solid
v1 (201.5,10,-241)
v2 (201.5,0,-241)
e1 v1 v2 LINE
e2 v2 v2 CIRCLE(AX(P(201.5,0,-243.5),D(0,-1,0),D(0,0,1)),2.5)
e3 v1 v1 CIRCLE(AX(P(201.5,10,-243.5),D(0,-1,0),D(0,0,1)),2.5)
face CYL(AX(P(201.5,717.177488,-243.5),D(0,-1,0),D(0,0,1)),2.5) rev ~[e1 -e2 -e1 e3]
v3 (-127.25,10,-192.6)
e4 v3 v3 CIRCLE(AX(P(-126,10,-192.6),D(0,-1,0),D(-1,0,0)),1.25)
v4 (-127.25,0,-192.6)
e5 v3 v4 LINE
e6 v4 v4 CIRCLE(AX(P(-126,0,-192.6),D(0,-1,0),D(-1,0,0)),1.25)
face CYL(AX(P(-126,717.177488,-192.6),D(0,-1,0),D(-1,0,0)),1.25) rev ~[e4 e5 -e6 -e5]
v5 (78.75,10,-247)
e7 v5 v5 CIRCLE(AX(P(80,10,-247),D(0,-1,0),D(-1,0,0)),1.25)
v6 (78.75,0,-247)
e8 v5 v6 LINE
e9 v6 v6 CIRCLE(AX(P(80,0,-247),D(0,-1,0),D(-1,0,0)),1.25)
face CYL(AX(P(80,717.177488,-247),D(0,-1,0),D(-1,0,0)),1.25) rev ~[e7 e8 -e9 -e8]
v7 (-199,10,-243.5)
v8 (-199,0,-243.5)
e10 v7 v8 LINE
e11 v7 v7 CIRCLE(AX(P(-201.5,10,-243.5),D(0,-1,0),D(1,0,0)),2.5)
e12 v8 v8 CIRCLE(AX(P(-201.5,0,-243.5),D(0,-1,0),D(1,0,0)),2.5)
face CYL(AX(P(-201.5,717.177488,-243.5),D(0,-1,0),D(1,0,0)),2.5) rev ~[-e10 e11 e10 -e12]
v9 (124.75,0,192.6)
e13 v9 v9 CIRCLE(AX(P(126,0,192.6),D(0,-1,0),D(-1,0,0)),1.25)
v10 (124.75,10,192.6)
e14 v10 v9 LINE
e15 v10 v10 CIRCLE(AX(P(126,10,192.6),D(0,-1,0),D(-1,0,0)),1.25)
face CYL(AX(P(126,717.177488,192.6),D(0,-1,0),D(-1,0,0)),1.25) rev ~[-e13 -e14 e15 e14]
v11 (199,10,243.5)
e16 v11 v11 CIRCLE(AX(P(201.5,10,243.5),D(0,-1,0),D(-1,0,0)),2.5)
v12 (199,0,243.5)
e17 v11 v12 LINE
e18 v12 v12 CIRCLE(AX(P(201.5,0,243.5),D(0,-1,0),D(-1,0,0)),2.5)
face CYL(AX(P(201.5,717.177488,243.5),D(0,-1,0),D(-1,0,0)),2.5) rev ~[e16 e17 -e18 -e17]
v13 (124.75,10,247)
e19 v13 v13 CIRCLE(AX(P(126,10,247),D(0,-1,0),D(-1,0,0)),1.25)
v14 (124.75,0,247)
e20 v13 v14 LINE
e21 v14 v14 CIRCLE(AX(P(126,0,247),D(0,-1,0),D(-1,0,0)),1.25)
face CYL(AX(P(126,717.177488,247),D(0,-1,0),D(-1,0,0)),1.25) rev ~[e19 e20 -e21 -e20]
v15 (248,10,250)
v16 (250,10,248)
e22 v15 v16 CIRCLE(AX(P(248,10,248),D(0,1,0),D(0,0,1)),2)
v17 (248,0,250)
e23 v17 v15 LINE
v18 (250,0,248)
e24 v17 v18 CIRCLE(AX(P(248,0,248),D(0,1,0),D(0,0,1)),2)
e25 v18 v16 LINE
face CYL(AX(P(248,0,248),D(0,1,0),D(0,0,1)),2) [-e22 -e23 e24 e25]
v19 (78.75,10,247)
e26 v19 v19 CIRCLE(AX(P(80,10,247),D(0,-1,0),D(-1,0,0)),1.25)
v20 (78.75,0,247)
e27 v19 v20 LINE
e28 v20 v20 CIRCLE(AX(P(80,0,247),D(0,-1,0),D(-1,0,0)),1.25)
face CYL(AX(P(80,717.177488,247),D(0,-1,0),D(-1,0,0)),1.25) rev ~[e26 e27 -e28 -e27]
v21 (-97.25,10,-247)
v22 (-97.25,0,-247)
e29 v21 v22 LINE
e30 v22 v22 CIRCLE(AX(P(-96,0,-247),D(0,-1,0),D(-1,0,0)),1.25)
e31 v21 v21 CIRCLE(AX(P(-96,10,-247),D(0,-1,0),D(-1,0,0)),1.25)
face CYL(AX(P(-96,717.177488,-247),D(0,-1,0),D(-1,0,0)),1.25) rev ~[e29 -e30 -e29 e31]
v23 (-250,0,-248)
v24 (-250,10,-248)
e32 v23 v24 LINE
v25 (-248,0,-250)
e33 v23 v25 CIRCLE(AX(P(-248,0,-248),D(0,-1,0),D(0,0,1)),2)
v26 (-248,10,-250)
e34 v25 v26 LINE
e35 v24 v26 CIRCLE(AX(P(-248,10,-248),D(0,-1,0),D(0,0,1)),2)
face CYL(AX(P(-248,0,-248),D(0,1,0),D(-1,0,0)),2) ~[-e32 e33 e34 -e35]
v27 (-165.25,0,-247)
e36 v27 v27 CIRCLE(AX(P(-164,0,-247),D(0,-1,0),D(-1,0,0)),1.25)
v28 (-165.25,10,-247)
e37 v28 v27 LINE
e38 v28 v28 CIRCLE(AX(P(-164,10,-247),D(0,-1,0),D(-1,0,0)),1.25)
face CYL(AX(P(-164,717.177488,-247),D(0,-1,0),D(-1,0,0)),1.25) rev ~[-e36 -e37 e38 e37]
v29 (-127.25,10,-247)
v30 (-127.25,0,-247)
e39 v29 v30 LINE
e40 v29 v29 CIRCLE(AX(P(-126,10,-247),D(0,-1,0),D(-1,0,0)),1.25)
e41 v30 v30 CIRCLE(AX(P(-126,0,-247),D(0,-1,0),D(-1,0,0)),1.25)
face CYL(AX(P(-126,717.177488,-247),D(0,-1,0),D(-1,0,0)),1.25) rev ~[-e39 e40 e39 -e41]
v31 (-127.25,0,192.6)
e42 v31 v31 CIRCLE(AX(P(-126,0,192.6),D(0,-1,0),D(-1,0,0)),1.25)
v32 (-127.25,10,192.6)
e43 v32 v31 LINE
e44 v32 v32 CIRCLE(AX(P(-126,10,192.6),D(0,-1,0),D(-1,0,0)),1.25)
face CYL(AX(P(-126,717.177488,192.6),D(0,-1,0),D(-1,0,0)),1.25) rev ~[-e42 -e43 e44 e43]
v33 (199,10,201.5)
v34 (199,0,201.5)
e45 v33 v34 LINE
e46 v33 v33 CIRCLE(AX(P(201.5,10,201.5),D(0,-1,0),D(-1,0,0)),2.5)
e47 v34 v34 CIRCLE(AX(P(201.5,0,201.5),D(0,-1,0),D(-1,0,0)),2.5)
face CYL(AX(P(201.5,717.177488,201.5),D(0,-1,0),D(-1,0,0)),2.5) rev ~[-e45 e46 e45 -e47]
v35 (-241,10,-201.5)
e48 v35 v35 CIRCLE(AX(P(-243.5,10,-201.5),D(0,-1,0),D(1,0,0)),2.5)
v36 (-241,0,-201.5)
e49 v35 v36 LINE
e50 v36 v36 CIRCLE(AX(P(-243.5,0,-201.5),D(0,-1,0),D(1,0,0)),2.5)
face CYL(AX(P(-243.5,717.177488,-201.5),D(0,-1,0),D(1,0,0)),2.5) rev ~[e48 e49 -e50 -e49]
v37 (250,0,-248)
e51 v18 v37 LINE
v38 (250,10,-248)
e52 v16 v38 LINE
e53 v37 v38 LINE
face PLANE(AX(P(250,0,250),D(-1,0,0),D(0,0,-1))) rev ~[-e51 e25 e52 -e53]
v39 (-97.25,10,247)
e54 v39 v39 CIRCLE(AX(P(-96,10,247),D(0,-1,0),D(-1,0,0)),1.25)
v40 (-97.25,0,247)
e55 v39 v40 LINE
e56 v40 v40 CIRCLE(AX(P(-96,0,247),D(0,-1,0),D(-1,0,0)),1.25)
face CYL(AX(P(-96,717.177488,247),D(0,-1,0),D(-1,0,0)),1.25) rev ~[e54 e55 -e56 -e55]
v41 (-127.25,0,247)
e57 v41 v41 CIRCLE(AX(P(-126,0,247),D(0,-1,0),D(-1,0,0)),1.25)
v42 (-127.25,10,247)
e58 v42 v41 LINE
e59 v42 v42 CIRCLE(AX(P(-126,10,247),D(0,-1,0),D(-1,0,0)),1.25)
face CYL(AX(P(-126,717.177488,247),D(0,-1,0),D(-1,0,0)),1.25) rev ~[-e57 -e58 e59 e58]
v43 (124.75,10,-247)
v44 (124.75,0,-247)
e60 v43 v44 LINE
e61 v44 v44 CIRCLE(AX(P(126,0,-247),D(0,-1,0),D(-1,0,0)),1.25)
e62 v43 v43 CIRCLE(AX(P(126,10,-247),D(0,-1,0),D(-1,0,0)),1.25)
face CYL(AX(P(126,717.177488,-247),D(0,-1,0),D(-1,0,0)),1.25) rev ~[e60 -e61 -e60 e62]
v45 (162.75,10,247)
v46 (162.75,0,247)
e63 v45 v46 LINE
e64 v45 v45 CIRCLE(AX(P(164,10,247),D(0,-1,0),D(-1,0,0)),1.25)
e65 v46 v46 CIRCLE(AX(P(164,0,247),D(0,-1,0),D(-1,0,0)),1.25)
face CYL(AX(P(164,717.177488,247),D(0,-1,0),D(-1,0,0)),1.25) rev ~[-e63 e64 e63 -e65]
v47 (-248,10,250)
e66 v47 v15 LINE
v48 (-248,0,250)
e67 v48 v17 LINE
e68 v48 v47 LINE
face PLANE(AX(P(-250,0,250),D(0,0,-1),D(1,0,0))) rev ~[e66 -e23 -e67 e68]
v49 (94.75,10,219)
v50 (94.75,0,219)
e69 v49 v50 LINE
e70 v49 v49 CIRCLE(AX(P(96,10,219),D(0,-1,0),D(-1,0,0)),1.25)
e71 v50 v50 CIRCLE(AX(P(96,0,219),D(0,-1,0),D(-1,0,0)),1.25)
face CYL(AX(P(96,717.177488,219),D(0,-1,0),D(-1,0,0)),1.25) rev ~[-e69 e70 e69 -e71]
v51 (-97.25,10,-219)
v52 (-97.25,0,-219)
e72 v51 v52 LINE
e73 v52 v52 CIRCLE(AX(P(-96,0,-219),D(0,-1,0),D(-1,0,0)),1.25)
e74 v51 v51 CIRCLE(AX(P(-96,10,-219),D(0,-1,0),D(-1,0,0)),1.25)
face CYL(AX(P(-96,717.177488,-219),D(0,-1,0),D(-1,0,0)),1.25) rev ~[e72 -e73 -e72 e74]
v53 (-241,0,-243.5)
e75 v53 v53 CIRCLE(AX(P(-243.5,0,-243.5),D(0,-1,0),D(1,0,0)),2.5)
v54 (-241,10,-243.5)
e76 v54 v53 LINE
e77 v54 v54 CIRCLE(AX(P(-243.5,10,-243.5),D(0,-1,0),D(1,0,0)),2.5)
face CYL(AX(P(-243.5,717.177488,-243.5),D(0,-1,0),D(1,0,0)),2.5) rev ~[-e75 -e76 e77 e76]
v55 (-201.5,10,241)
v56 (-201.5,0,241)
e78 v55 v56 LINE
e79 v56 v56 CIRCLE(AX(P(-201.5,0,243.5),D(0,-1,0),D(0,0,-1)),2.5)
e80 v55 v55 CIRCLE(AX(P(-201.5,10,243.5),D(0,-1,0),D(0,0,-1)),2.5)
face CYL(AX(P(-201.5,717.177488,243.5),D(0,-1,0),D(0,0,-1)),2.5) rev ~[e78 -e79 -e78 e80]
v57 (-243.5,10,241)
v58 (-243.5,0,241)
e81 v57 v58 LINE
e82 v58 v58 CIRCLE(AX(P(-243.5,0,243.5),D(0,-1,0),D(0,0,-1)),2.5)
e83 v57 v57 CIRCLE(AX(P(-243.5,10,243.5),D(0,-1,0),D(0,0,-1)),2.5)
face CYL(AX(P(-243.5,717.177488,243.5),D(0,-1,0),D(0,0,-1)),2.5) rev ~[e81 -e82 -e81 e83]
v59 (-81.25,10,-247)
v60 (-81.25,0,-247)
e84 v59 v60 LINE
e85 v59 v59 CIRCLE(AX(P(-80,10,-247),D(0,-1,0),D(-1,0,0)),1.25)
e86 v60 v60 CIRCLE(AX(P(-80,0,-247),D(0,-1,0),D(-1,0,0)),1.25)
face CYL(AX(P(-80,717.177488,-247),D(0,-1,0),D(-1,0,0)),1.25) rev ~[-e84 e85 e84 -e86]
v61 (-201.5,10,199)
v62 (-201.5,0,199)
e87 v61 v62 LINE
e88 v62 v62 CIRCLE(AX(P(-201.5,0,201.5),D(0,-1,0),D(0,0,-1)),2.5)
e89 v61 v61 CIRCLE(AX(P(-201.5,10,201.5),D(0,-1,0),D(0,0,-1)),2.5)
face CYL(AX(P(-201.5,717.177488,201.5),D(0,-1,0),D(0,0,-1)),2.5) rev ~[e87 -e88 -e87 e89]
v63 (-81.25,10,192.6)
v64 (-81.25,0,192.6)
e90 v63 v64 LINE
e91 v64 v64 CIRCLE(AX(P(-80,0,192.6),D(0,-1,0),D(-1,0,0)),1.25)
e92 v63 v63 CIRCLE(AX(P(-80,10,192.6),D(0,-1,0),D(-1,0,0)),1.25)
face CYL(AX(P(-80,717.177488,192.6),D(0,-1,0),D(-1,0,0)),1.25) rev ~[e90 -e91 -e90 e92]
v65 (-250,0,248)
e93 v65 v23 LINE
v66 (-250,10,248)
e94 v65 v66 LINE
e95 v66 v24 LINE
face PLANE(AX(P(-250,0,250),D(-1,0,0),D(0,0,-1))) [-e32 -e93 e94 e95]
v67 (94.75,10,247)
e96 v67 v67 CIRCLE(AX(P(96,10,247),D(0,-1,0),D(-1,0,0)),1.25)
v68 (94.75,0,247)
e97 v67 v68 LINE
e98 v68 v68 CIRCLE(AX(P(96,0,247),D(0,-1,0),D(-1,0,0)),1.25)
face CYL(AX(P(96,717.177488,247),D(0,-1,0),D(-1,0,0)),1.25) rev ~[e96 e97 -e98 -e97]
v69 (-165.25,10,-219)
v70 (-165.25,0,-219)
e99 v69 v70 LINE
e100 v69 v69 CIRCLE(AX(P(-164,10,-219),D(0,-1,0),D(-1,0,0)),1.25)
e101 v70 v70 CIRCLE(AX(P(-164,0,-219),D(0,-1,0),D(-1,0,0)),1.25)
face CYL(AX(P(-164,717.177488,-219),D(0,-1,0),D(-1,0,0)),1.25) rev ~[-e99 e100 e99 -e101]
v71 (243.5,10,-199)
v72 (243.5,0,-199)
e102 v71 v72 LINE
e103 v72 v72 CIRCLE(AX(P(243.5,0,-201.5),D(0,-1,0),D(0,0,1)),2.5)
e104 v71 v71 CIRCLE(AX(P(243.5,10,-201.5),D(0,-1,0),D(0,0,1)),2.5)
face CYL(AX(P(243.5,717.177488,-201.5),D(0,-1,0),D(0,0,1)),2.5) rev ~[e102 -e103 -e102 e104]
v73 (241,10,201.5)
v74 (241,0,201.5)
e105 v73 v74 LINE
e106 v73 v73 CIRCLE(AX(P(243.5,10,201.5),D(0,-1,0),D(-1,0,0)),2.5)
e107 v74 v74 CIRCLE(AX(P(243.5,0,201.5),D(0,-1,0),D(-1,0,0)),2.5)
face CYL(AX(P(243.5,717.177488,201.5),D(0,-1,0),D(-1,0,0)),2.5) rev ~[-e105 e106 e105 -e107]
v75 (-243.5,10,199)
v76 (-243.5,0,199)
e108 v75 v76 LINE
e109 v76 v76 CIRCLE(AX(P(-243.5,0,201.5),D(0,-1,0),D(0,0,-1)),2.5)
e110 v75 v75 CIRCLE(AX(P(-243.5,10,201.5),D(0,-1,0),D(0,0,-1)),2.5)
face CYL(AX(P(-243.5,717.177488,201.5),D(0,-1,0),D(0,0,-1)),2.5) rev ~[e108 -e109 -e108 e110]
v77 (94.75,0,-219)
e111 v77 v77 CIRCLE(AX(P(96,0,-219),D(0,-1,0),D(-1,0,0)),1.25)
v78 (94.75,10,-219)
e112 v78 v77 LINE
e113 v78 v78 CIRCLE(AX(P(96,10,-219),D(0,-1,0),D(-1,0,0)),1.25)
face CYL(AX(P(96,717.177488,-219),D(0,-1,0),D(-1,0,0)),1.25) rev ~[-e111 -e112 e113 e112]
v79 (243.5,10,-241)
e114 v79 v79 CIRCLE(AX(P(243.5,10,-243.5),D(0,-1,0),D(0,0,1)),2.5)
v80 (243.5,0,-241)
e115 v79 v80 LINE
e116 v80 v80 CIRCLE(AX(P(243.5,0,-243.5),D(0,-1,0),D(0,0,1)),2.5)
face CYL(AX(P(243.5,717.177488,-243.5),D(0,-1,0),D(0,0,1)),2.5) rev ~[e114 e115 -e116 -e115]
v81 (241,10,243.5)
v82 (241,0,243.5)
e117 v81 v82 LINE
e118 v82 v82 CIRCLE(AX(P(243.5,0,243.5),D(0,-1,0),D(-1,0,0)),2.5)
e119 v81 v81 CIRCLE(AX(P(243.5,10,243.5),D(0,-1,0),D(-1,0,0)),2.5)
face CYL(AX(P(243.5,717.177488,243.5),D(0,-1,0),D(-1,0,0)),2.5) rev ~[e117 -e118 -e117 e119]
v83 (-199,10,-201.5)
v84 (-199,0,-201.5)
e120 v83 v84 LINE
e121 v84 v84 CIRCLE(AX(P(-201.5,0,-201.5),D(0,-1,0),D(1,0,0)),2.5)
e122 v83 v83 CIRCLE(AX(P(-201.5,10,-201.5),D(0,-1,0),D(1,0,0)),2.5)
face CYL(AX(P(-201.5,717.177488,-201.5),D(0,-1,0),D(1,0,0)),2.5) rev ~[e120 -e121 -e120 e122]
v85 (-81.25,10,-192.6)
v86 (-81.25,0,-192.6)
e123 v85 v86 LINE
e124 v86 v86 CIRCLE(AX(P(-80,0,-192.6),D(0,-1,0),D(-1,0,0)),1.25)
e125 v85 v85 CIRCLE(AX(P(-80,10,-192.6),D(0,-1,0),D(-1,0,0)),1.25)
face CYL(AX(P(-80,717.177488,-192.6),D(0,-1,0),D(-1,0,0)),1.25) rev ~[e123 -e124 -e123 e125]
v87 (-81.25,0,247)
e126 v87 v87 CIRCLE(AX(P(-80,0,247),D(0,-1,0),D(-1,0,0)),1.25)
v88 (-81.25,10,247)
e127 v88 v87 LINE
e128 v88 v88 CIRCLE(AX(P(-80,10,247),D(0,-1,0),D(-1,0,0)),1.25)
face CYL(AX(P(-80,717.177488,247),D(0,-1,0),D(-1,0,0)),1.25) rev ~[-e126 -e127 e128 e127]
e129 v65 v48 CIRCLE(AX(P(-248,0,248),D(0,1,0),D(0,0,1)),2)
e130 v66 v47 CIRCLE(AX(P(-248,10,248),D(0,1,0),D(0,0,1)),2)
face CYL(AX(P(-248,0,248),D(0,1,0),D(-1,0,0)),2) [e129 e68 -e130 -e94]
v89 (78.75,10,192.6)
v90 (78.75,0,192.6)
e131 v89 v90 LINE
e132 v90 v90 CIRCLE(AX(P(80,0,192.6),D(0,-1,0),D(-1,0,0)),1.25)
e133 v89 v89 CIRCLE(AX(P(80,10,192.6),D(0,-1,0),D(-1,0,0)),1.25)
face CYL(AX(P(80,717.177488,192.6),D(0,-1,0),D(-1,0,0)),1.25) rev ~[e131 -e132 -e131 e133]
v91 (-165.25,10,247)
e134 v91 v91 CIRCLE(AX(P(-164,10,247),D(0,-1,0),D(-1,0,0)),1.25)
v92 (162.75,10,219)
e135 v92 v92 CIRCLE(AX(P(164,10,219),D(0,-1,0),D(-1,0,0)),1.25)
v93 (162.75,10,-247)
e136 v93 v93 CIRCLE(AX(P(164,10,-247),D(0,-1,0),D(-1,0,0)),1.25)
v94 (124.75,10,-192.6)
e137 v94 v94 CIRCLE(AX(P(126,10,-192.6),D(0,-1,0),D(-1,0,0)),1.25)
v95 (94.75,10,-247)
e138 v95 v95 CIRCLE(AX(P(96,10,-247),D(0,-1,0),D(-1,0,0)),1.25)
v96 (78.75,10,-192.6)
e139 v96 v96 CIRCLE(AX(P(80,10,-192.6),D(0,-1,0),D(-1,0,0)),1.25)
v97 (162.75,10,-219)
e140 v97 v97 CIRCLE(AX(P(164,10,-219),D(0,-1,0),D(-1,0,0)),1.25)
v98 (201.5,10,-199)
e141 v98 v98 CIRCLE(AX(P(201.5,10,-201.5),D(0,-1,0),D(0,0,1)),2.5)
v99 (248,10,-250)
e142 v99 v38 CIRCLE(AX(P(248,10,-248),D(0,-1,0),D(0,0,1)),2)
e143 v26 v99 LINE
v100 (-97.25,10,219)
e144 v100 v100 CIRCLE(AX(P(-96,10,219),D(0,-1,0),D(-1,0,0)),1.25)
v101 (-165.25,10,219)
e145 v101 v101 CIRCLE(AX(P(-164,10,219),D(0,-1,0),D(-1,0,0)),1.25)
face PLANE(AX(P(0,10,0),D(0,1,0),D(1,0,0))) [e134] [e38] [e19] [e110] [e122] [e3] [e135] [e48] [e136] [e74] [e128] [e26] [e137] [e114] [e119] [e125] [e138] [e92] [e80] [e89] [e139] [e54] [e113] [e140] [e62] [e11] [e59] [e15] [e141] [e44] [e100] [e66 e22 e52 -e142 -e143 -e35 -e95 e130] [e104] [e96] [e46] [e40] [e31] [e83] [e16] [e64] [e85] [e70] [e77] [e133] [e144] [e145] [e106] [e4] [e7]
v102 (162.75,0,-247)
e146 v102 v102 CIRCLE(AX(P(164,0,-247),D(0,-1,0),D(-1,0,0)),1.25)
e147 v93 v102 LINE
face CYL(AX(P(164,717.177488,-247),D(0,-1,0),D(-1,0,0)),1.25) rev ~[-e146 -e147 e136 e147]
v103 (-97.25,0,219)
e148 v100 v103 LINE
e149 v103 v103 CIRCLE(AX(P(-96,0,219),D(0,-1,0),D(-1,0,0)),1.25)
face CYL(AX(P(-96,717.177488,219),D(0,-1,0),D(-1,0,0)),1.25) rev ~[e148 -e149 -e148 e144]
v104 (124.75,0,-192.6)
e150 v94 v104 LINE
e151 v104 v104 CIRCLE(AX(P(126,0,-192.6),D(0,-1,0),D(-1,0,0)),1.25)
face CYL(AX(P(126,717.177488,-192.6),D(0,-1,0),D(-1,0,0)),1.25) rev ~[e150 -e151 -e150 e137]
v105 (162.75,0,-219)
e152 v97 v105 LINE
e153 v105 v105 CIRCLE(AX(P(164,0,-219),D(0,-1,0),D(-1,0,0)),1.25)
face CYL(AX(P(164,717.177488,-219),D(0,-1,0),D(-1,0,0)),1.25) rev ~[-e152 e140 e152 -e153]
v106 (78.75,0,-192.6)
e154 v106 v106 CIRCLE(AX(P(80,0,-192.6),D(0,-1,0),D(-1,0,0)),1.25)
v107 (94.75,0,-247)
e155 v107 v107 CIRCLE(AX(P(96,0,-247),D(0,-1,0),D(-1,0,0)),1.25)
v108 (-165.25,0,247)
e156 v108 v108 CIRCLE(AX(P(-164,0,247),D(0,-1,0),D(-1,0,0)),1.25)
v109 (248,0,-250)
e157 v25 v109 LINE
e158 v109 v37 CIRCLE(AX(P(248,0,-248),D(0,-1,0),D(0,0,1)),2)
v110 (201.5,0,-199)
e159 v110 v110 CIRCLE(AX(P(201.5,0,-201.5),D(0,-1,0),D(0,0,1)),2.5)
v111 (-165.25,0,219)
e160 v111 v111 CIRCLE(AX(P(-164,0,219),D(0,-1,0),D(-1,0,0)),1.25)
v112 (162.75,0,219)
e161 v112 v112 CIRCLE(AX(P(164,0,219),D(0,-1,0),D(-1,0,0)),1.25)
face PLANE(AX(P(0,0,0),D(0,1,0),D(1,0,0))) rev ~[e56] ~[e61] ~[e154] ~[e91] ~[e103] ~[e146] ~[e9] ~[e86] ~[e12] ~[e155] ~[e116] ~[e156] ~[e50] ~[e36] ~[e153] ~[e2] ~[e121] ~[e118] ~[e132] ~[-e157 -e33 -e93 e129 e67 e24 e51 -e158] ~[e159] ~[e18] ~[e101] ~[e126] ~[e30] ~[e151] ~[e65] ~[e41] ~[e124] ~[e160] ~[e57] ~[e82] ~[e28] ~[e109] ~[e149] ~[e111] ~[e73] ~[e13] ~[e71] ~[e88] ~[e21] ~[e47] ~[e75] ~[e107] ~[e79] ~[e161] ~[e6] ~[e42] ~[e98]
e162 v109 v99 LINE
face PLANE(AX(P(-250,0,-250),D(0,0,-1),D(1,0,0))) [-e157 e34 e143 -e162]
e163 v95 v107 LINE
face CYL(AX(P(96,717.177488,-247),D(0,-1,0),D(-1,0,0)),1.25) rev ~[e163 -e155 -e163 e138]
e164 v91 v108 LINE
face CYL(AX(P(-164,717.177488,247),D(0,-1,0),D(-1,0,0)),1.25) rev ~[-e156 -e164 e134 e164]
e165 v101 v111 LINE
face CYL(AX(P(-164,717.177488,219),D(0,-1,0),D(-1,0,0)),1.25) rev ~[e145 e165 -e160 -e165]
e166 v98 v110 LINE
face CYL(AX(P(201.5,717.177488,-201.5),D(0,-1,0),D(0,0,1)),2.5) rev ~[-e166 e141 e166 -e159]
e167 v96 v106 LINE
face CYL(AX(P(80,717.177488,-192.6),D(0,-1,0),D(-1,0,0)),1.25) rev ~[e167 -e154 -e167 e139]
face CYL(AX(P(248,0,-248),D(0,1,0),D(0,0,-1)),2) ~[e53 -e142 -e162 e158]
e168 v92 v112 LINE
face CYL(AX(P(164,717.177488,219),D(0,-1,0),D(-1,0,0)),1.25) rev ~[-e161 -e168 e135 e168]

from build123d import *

# Parameters (mm, degrees)
SKETCH1_W                   = 500
SKETCH1_H                   = 500
BOSS_EXTRUDE1_DEPTH         = 10
TAP_DRILL_FOR_M3X0_5_TAP1_D = 2.5
TAP_DRILL_FOR_M6X1_0_TAP1_D = 5
CIRPATTERN1_COUNT           = 4
FILLET1_R                   = 2


with BuildPart() as part:
    # Sketch1 → Boss-Extrude1 (new body)
    with BuildSketch(Plane(origin=(0, 0, 0), x_dir=(1, 0, 0), z_dir=(0, 1, 0))):
        Rectangle(SKETCH1_W, SKETCH1_H)
    extrude(amount=BOSS_EXTRUDE1_DEPTH)

    # Tap Drill for M3x0.5 Tap1 (through all)
    with Locations(Plane(origin=(0, 10, 0), x_dir=(1, 0, 0), z_dir=(0, 1, 0))):
        with Locations((164, -219), (164, -247), (96, -247), (96, -219), (-96, -219), (-164, -219), (-164, -247), (-96, -247), (-96, 219), (-96, 247), (-164, 247), (-164, 219), (96, 247), (164, 247), (164, 219), (96, 219), (-126, 247), (-80, 247), (-80, 192.6), (-126, 192.6), (80, 247), (126, 247), (126, 192.6), (80, 192.6), (80, -192.6), (126, -192.6), (126, -247), (80, -247), (-126, -192.6), (-80, -192.6), (-80, -247), (-126, -247)):
            Hole(TAP_DRILL_FOR_M3X0_5_TAP1_D / 2)

    # Tap Drill for M6x1.0 Tap1 (through all)
    with Locations(Plane(origin=(0, 10, 0), x_dir=(1, 0, 0), z_dir=(0, 1, 0))):
        with Locations((243.5, -243.5), (201.5, -201.5), (243.5, -201.5), (201.5, -243.5)):
            tap_drill_for_m6x1_0_tap1 = Hole(TAP_DRILL_FOR_M6X1_0_TAP1_D / 2)

    # CirPattern1: Tap Drill for M6x1.0 Tap1 ×4 about axis
    cirpattern1_axis = Axis((0, 10.5, 0), (0, -1, 0))
    for i in range(1, CIRPATTERN1_COUNT):
        add(tap_drill_for_m6x1_0_tap1.rotate(cirpattern1_axis, i * 360 / CIRPATTERN1_COUNT), mode=Mode.SUBTRACT)

    # Fillet1
    fillet1_edges = [part.edges().sort_by_distance(p)[0] for p in [
        (250, 5, -250),
        (250, 5, 250),
        (-250, 5, 250),
        (-250, 5, -250),
    ]]
    fillet(fillet1_edges, radius=FILLET1_R)


solid = part.part
